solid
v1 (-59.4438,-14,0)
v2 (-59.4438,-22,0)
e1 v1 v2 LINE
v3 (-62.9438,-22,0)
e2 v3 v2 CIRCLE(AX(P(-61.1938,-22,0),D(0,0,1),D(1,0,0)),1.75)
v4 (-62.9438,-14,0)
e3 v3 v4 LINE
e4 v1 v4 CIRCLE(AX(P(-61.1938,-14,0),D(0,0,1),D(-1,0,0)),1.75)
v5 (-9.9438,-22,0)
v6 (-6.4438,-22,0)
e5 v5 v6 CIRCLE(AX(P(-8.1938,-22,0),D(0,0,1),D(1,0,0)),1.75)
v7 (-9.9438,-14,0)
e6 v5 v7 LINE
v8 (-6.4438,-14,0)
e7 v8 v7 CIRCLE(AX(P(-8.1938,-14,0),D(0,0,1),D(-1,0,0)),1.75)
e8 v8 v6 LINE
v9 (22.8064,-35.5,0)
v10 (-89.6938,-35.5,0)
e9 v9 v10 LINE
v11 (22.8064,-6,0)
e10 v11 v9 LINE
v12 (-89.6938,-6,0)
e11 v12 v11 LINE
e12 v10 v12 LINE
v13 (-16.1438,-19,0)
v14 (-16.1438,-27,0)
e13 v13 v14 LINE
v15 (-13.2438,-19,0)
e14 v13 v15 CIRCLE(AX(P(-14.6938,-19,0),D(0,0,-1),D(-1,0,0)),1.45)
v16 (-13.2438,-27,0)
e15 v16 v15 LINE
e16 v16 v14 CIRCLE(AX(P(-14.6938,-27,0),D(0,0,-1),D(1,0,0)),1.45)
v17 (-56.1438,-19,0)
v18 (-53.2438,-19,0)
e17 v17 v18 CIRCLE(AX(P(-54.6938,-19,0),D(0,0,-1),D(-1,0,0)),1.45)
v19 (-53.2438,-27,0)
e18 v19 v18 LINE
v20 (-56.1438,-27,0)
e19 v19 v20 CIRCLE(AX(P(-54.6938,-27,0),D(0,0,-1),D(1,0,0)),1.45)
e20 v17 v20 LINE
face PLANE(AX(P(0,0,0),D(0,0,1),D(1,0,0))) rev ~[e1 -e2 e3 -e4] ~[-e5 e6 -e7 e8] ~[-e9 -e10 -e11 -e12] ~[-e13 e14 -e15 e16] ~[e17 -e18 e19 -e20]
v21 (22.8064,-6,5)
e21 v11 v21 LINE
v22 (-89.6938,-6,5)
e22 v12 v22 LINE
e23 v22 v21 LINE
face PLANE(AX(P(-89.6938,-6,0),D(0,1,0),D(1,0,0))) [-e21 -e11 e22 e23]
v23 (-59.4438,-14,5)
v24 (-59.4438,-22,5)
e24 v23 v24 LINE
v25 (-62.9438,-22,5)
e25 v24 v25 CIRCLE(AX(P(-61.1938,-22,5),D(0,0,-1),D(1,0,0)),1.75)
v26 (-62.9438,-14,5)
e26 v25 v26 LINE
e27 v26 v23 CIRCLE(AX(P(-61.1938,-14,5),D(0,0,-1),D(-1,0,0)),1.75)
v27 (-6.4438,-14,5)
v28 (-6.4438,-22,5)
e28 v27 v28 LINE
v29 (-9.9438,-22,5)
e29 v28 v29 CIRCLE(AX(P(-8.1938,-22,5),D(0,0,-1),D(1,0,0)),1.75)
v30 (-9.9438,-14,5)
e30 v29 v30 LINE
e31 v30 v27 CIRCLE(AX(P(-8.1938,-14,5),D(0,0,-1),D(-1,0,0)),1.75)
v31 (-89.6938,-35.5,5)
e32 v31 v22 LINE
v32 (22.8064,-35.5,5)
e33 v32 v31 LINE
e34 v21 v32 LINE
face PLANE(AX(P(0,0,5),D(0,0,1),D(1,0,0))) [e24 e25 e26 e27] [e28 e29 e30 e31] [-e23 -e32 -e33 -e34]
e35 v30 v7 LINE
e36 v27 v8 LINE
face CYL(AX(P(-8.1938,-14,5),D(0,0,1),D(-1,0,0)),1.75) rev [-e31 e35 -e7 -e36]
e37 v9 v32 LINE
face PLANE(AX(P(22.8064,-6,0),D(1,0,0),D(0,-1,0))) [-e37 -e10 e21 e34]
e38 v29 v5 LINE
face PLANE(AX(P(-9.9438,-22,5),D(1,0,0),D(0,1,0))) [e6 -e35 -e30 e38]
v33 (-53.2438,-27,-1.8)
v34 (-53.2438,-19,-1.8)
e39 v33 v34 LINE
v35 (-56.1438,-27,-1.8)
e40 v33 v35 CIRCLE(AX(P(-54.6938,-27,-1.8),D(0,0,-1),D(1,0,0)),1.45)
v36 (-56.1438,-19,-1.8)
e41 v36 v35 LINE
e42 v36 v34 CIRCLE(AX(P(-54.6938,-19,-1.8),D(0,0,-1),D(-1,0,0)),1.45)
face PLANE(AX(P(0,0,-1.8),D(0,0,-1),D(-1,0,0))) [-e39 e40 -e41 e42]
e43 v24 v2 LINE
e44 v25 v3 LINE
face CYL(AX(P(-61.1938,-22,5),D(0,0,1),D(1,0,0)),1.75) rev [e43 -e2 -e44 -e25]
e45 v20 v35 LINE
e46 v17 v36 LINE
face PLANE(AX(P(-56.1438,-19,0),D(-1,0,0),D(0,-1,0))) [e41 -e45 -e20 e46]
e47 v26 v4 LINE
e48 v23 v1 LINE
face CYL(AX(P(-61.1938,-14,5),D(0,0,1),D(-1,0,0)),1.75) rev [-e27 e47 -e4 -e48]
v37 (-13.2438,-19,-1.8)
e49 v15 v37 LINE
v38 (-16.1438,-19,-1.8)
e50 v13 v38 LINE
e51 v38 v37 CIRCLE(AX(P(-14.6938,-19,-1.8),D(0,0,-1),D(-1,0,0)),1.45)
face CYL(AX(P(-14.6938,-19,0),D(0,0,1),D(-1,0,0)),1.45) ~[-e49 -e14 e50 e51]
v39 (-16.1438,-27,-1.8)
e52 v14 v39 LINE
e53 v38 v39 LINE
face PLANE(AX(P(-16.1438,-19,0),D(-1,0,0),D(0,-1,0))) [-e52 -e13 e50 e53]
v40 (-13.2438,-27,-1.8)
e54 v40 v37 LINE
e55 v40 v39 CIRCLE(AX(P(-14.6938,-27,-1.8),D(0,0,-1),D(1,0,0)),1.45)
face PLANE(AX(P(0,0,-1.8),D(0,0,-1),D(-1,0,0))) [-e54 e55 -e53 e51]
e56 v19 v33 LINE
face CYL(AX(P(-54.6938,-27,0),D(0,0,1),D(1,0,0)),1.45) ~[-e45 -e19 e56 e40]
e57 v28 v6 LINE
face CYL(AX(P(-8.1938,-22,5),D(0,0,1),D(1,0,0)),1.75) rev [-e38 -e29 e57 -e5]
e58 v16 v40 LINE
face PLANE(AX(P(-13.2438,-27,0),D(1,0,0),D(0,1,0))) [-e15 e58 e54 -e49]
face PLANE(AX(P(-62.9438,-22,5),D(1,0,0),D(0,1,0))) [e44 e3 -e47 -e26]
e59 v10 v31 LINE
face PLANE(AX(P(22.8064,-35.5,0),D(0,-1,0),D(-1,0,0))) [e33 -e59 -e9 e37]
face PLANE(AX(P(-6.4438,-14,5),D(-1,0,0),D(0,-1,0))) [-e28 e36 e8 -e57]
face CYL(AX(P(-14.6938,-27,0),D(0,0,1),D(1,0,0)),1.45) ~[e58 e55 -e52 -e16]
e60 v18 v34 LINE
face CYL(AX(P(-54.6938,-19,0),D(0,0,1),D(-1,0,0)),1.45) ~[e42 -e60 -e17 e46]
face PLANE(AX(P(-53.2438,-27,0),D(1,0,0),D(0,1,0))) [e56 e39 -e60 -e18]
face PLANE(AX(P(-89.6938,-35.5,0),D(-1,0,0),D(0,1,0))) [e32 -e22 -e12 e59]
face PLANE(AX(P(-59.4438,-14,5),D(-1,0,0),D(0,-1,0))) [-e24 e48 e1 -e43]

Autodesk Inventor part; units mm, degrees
ref_plane "YZ Plane" through (0, 0, 0) normal (1, 0, 0) x (0, 1, 0)
ref_plane "XZ Plane" through (0, 0, 0) normal (0, 1, 0) x (-1, 0, 0)
ref_plane "Work Plane1" through (0, 0, 0) normal (0, 0, 1) x (1, 0, 0)
sketch "Sketch1" plane through (0, 0, 0) normal (0, 0, 1) x (1, 0, 0)
  line L0 (22.8064, -35.5) -> (-89.6938, -35.5)
  line L1 (-89.6938, -35.5) -> (-89.6938, -6)
  line L2 (22.8064, -6) -> (22.8064, -35.5)
  circle A0 centre (11.5562, -18) radius 2 construction
  line L3 (-53.1938, -16) -> (-53.1938, -30) construction
  arc A1 (-56.1938, -30) -> (-53.1938, -30) centre (-54.6938, -30) ccw construction
  line L4 (-56.1938, -30) -> (-56.1938, -16) construction
  arc A2 (-53.1938, -16) -> (-56.1938, -16) centre (-54.6938, -16) ccw construction
  line L5 (7.0562, -16) -> (7.0562, -30) construction
  arc A3 (4.0562, -30) -> (7.0562, -30) centre (5.5562, -30) ccw construction
  line L6 (4.0562, -30) -> (4.0562, -16) construction
  arc A4 (7.0562, -16) -> (4.0562, -16) centre (5.5562, -16) ccw construction
  line L7 (-13.1938, -16) -> (-13.1938, -30) construction
  arc A5 (-16.1938, -30) -> (-13.1938, -30) centre (-14.6938, -30) ccw construction
  line L8 (-16.1938, -30) -> (-16.1938, -16) construction
  arc A6 (-13.1938, -16) -> (-16.1938, -16) centre (-14.6938, -16) ccw construction
  arc A7 (19.0562, -16) -> (16.0562, -16) centre (17.5562, -16) ccw construction
  line L9 (19.0562, -16) -> (19.0562, -30) construction
  arc A8 (16.0562, -30) -> (19.0562, -30) centre (17.5562, -30) ccw construction
  line L10 (16.0562, -30) -> (16.0562, -16) construction
  line L11 (22.8064, -40) -> (22.8064, 45) construction
  line L12 (22.8064, 45) -> (-120, 45) construction
  line L13 (-120, 27.5563) -> (-120, 45) construction
  line L14 (-120, 27.5563) -> (-95.2035, 27.5563) construction
  arc A9 (-85.0841, 27.5563) -> (-95.2035, 27.5563) centre (-90.1438, 25.4) ccw construction
  line L15 (-85.0841, 27.5563) -> (17.8062, 27.5563) construction
  line L16 (17.8062, 27.5563) -> (17.8062, -11) construction
  line L17 (17.8062, -11) -> (-120, -11) construction
  line L18 (-120, -40) -> (-120, -11) construction
  line L19 (22.8064, -40) -> (-120, -40) construction
  circle A10 centre (-111.1938, -18) radius 2 construction
  circle A11 centre (-98.1938, -18) radius 2 construction
  circle A12 centre (-61.1938, -18) radius 2 construction
  circle A13 centre (-48.1938, -18) radius 2 construction
  circle A14 centre (-21.1938, -18) radius 2 construction
  circle A15 centre (-8.1938, -18) radius 2 construction
  circle A16 centre (-21.1938, 33.6563) radius 2 construction
  circle A17 centre (-8.1938, 33.6563) radius 2 construction
  circle A18 centre (-61.1938, 33.6563) radius 2 construction
  circle A19 centre (-48.1938, 33.6563) radius 2 construction
  circle A20 centre (-111.1938, 33.6563) radius 2 construction
  circle A21 centre (-98.1938, 33.6563) radius 2 construction
  circle A22 centre (-90.1438, -25.4) radius 5.5 construction
  line L20 (-84.6938, 26.6563) -> (-89.6938, 26.6563) construction
  line L21 (-89.6938, 26.6563) -> (-89.6938, -11) construction
  line L22 (-84.6938, -11) -> (-89.6938, -11) construction
  line L23 (-84.6938, 26.6563) -> (-84.6938, -11) construction
  line L24 (-84.6938, 26.6563) -> (-84.6938, -11) construction
  circle A23 centre (1.3062, 0) radius 6 construction
  circle A24 centre (-68.1938, 0) radius 6 construction
  line L25 (-148.5613, 0) -> (51.3677, 0) construction
  line L26 (-89.6938, -6) -> (22.8064, -6)
  line L27 (5.3062, -57) -> (5.3062, 62) construction
  line L28 (-34.6938, -57) -> (-34.6938, 62) construction
  line L29 (-84.6938, -57) -> (-84.6938, 62) construction
  point P0 (17.5562, -31.5)
  dimension "d0" = 0
  dimension "d1" = 0
  dimension "d2" = 4
extrude "Main Body" add sketch "Sketch1" along normal blind 5
sketch "Sketch2" plane through (0, 0, 0) normal (0, 0, -1) x (-1, 0, 0)
  line L0 (56.1938, -30) -> (56.1938, -16) construction
  arc A0 (53.1938, -30) -> (56.1938, -30) centre (54.6938, -30) ccw construction
  line L1 (53.1938, -16) -> (53.1938, -30) construction
  arc A1 (56.1938, -16) -> (53.1938, -16) centre (54.6938, -16) ccw construction
  arc A2 (13.1938, -30) -> (16.1938, -30) centre (14.6938, -30) ccw construction
  line L2 (13.1938, -16) -> (13.1938, -30) construction
  arc A3 (16.1938, -16) -> (13.1938, -16) centre (14.6938, -16) ccw construction
  line L3 (16.1938, -30) -> (16.1938, -16) construction
  line L4 (14.6938, -16) -> (14.6938, -30) construction
  line L5 (54.6938, -16) -> (54.6938, -30) construction
  line L6 (14.6938, -27) -> (14.6938, -19) construction
  line L7 (13.2438, -27) -> (13.2438, -19)
  line L8 (16.1438, -19) -> (16.1438, -27)
  arc A4 (13.2438, -27) -> (16.1438, -27) centre (14.6938, -27) ccw
  arc A5 (16.1438, -19) -> (13.2438, -19) centre (14.6938, -19) ccw
  line L9 (54.6938, -27) -> (54.6938, -19) construction
  line L10 (53.2438, -27) -> (53.2438, -19)
  line L11 (56.1438, -19) -> (56.1438, -27)
  arc A6 (53.2438, -27) -> (56.1438, -27) centre (54.6938, -27) ccw
  arc A7 (56.1438, -19) -> (53.2438, -19) centre (54.6938, -19) ccw
  line L12 (14.6938, -19) -> (54.6938, -19) construction
  arc A8 (-7.0562, -30) -> (-4.0562, -30) centre (-5.5562, -30) ccw construction
  line L13 (-4.0562, -30) -> (-4.0562, -16) construction
  arc A9 (-4.0562, -16) -> (-7.0562, -16) centre (-5.5562, -16) ccw construction
  line L14 (-7.0562, -16) -> (-7.0562, -30) construction
  point P0 (0, 0)
  point P1 (14.6938, -23)
  point P2 (54.6938, -23)
  dimension "d7" = 0.05
  dimension "d8" = 0.05
  dimension "d9" = 3
extrude "Alignment Tabs" add sketch "Sketch2" along normal blind 1.8
sketch "Sketch3" plane through (0, 0, 5) normal (0, 0, -1) x (-1, 0, 0)
  circle A0 centre (61.1938, -18) radius 2 construction
  circle A1 centre (8.1938, -18) radius 2 construction
  line L0 (61.1938, -14) -> (61.1938, -22) construction
  line L1 (59.4438, -14) -> (59.4438, -22)
  line L2 (62.9438, -22) -> (62.9438, -14)
  arc A2 (62.9438, -14) -> (59.4438, -14) centre (61.1938, -14) ccw
  arc A3 (59.4438, -22) -> (62.9438, -22) centre (61.1938, -22) ccw
  line L3 (8.1938, -14) -> (8.1938, -22) construction
  line L4 (6.4438, -14) -> (6.4438, -22)
  line L5 (9.9438, -22) -> (9.9438, -14)
  arc A4 (9.9438, -14) -> (6.4438, -14) centre (8.1938, -14) ccw
  arc A5 (6.4438, -22) -> (9.9438, -22) centre (8.1938, -22) ccw
  point P0 (0, 0)
  dimension "d12" = 3.5
  dimension "d13" = 3.5
  dimension "d14" = 8
  dimension "d15" = 8
extrude "Slots for Screws M3" cut sketch "Sketch3" along normal through all
equation "\"d8\" = d7"
equation "\"d13\" = d12"
equation "\"d15\" = d14"
properties part number "Cuvette Aligner 100mm Flat Edge"
